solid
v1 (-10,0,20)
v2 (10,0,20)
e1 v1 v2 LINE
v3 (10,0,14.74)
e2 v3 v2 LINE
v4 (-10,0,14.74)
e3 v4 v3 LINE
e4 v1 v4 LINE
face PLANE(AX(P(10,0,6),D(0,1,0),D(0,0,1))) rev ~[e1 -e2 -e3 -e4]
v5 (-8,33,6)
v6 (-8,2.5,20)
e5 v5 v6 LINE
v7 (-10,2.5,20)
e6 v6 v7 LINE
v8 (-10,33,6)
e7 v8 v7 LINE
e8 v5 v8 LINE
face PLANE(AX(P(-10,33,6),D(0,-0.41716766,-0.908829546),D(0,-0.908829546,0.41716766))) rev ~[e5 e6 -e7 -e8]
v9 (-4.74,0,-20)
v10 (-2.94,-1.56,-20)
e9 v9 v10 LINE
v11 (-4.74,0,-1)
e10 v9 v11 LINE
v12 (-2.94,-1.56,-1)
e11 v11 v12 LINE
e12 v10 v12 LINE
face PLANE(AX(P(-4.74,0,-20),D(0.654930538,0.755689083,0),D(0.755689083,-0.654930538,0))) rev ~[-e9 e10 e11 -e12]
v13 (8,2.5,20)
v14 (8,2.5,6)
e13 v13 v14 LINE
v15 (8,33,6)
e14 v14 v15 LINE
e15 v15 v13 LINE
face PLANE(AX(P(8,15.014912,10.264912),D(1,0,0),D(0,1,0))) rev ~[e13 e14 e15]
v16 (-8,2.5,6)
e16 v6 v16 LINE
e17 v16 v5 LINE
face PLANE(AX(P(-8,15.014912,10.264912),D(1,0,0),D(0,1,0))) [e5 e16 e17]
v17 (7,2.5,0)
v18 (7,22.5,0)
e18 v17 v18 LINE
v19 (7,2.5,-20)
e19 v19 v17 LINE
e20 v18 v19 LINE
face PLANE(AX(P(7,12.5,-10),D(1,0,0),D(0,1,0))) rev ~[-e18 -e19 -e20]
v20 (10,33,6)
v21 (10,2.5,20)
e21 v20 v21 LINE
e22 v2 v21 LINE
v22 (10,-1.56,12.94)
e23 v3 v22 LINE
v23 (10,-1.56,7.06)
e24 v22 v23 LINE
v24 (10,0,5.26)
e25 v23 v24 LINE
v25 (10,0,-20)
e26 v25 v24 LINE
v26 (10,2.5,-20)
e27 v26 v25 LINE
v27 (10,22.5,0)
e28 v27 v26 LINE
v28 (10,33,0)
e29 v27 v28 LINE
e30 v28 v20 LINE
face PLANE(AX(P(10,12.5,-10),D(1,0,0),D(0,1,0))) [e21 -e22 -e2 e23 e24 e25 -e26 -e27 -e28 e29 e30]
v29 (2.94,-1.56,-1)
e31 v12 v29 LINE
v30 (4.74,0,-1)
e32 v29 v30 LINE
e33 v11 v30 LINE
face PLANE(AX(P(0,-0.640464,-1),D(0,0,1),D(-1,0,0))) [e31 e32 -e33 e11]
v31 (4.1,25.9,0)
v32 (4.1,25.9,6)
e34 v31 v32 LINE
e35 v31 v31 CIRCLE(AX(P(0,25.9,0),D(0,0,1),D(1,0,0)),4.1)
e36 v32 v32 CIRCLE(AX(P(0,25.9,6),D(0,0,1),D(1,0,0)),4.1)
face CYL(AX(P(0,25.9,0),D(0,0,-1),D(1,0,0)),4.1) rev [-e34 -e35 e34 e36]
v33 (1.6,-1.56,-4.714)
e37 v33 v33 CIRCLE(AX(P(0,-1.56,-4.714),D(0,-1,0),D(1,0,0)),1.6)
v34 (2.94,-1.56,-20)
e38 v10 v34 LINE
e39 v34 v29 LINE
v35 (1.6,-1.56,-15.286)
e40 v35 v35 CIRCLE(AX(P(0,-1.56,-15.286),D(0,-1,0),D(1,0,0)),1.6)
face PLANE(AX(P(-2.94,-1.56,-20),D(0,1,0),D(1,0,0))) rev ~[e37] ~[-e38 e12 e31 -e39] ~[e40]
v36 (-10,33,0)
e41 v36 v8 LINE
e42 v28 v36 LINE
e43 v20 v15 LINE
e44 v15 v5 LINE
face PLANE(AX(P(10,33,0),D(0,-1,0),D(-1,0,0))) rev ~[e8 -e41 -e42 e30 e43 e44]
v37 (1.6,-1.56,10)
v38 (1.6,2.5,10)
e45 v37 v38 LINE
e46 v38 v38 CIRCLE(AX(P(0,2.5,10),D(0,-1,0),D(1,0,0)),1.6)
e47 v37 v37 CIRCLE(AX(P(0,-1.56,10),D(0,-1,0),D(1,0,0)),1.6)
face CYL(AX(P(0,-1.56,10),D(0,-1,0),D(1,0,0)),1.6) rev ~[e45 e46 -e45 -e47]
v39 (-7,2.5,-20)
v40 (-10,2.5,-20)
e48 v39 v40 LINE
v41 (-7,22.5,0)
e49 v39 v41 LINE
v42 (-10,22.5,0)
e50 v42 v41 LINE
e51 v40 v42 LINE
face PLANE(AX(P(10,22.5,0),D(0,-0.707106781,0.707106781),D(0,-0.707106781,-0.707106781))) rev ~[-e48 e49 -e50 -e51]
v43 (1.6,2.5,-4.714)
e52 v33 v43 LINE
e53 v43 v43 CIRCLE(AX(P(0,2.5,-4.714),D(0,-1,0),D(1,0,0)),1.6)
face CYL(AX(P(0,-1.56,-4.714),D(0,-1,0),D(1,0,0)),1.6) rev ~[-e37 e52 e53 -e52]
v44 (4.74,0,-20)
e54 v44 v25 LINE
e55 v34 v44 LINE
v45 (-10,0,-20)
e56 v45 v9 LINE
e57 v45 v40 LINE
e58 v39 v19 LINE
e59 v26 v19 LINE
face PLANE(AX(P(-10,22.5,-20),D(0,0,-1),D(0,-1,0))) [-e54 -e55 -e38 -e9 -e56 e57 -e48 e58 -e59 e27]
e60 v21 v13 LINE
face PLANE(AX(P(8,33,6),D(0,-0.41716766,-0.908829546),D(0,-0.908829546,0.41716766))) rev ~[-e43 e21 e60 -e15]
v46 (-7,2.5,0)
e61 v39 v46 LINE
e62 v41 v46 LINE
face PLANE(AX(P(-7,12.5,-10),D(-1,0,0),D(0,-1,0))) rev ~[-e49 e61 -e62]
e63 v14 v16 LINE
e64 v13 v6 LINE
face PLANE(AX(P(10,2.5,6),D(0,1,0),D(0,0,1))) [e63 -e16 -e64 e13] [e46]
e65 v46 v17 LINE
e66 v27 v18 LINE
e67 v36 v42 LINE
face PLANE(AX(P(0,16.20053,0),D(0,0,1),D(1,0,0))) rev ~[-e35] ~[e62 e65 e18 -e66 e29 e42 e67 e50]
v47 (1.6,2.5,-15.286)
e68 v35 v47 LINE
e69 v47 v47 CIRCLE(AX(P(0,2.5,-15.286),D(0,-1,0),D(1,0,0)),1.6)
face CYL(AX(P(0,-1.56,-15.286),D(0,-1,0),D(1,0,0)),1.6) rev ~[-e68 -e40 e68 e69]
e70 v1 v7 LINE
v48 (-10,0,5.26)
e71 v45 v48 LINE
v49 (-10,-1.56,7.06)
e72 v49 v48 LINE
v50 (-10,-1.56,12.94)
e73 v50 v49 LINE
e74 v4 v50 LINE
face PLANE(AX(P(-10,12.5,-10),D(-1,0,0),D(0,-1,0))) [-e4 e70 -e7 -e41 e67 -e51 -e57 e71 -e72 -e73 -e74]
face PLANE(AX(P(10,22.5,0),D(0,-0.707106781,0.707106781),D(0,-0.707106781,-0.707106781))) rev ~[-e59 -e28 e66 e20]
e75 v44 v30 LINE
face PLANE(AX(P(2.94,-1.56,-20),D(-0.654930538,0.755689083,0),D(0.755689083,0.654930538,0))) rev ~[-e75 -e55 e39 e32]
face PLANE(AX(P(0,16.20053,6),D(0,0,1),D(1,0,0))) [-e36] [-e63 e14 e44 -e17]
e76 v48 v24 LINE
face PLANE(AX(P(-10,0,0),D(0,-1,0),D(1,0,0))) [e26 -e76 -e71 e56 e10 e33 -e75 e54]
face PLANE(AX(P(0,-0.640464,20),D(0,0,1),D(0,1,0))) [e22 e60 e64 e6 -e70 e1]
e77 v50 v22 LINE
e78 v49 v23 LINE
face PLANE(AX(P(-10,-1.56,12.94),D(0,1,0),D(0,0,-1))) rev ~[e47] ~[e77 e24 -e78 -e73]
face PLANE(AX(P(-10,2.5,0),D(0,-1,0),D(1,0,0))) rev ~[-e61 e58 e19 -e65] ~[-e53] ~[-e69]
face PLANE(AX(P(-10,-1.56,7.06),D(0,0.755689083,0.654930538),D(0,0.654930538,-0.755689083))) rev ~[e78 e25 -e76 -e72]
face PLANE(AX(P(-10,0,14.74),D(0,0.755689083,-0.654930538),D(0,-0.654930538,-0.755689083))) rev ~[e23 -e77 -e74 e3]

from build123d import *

# Parameters (mm, degrees)
SKETCH_R            = 4.1
PAD_DEPTH           = 6
SKETCH001_W         = 2.5
SKETCH001_H         = 14
PAD001_DEPTH        = 20
PAD002_DEPTH        = 14
PAD003_DEPTH        = 2
LINEARPATTERN_COUNT = 2
LINEARPATTERN_PITCH = 18
POCKET_DEPTH        = 20.001
PAD004_DEPTH        = 20
SKETCH004_R         = 1.6
POCKET001_DEPTH     = 34.561
SKETCH005_W         = 20
SKETCH005_H         = 2.5
PAD005_DEPTH        = 20
SKETCH006_W         = 20
SKETCH006_H         = 20
PAD006_DEPTH        = 3
SKETCH007_W         = 20
SKETCH007_H         = 20
PAD007_DEPTH        = 3
POCKET002_DEPTH     = 20.001
PAD008_DEPTH        = 19
SKETCH010_R         = 1.6
POCKET003_DEPTH     = 34.561


with BuildPart() as part:
    # Sketch → Pad (new body)
    with BuildSketch(Plane.XY):
        Polygon((-4.74, 0), (-2.94, -1.56), (2.94, -1.56), (4.74, 0), (10, 0), (10, 33), (-10, 33), (-10, 0), align=None)
        with Locations((0, 25.9)):
            Circle(SKETCH_R, mode=Mode.SUBTRACT)
    extrude(amount=PAD_DEPTH)

    # Sketch001 (on Face5 of Pad) → Pad001 (join)
    with BuildSketch(Plane.YZ.offset(10)):
        with Locations((1.25, 13)):
            Rectangle(SKETCH001_W, SKETCH001_H)
    extrude(amount=-PAD001_DEPTH)

    # Pad001 Face5 → Pad002 (add)
    with BuildSketch(Plane(origin=(0, -0.719062, 6), x_dir=(0, 1, 0), z_dir=(0, 0, 1))):
        Polygon((0.719062, -4.74), (0.719062, 4.74), (-0.840938, 2.94), (-0.840938, -2.94), align=None)
    extrude(amount=PAD002_DEPTH)

    # Sketch002 (on Face6 of Pad002) → Pad003 (join)
    with BuildSketch(Plane(origin=(-10, 0, 0), x_dir=(0, -1, 0), z_dir=(-1, 0, 0))):
        Polygon((-33, 6), (-2.5, 20), (-2.5, 6), align=None)
    pad003 = extrude(amount=-PAD003_DEPTH)

    # LinearPattern: Pad003 ×2
    with Locations(*[(i * LINEARPATTERN_PITCH, 0, 0) for i in range(1, LINEARPATTERN_COUNT)]):
        add(pad003)

    # LinearPattern Face14 → Pocket (cut, through all)
    with BuildSketch(Plane(origin=(0, -0.719062, 20), x_dir=(0, 1, 0), z_dir=(0, 0, 1))):
        Polygon((0.719062, -4.74), (0.719062, 4.74), (-0.840938, 2.94), (-0.840938, -2.94), align=None)
    extrude(amount=-POCKET_DEPTH, mode=Mode.SUBTRACT)

    # Sketch003 (on Face10 of Pocket) → Pad004 (join)
    with BuildSketch(Plane(origin=(-10, 0, 0), x_dir=(0, -1, 0), z_dir=(-1, 0, 0))):
        Polygon((0, 10), (0, 14.74), (1.56, 12.94), (1.56, 7.06), (0, 5.26), align=None)
    extrude(amount=-PAD004_DEPTH)

    # Sketch004 (on Face14 of Pad004) → Pocket001 (cut, through all)
    with BuildSketch(Plane.XZ.offset(1.56)):
        with Locations((0, 10)):
            Circle(SKETCH004_R)
    extrude(amount=-POCKET001_DEPTH, mode=Mode.SUBTRACT)

    # Sketch005 (on Face2 of Pocket001) → Pad005 (join)
    with BuildSketch(Plane(origin=(0, 0, 0), x_dir=(1, 0, 0), z_dir=(0, 0, -1))):
        with Locations((0, -1.25)):
            Rectangle(SKETCH005_W, SKETCH005_H)
    extrude(amount=PAD005_DEPTH)

    # Sketch006 (on Face18 of Pad005) → Pad006 (join)
    with BuildSketch(Plane.YZ.offset(10)):
        with Locations((12.5, -10)):
            Rectangle(SKETCH006_W, SKETCH006_H)
    extrude(amount=-PAD006_DEPTH)

    # Sketch007 (on Face3 of Pad006) → Pad007 (join)
    with BuildSketch(Plane(origin=(-10, 0, 0), x_dir=(0, -1, 0), z_dir=(-1, 0, 0))):
        with Locations((-12.5, -10)):
            Rectangle(SKETCH007_W, SKETCH007_H)
    extrude(amount=-PAD007_DEPTH)

    # Sketch008 (on Face18 of Pad007) → Pocket002 (cut, through all)
    with BuildSketch(Plane.YZ.offset(10)):
        Polygon((22.5, 0), (2.5, -20), (22.5, -20), align=None)
    extrude(amount=-POCKET002_DEPTH, mode=Mode.SUBTRACT)

    # Sketch009 (on Face9 of Pocket002) → Pad008 (join)
    with BuildSketch(Plane(origin=(0, 0, -20), x_dir=(1, 0, 0), z_dir=(0, 0, -1))):
        Polygon((0, 0), (-4.74, 0), (-2.94, 1.56), (2.94, 1.56), (4.74, 0), align=None)
    extrude(amount=-PAD008_DEPTH)

    # Sketch010 (on Face27 of Pad008) → Pocket003 (cut, through all)
    with BuildSketch(Plane.XZ.offset(1.56)):
        with Locations((0, -4.714)):
            Circle(SKETCH010_R)
        with Locations((0, -15.286)):
            Circle(SKETCH010_R)
    extrude(amount=-POCKET003_DEPTH, mode=Mode.SUBTRACT)


solid = part.part
